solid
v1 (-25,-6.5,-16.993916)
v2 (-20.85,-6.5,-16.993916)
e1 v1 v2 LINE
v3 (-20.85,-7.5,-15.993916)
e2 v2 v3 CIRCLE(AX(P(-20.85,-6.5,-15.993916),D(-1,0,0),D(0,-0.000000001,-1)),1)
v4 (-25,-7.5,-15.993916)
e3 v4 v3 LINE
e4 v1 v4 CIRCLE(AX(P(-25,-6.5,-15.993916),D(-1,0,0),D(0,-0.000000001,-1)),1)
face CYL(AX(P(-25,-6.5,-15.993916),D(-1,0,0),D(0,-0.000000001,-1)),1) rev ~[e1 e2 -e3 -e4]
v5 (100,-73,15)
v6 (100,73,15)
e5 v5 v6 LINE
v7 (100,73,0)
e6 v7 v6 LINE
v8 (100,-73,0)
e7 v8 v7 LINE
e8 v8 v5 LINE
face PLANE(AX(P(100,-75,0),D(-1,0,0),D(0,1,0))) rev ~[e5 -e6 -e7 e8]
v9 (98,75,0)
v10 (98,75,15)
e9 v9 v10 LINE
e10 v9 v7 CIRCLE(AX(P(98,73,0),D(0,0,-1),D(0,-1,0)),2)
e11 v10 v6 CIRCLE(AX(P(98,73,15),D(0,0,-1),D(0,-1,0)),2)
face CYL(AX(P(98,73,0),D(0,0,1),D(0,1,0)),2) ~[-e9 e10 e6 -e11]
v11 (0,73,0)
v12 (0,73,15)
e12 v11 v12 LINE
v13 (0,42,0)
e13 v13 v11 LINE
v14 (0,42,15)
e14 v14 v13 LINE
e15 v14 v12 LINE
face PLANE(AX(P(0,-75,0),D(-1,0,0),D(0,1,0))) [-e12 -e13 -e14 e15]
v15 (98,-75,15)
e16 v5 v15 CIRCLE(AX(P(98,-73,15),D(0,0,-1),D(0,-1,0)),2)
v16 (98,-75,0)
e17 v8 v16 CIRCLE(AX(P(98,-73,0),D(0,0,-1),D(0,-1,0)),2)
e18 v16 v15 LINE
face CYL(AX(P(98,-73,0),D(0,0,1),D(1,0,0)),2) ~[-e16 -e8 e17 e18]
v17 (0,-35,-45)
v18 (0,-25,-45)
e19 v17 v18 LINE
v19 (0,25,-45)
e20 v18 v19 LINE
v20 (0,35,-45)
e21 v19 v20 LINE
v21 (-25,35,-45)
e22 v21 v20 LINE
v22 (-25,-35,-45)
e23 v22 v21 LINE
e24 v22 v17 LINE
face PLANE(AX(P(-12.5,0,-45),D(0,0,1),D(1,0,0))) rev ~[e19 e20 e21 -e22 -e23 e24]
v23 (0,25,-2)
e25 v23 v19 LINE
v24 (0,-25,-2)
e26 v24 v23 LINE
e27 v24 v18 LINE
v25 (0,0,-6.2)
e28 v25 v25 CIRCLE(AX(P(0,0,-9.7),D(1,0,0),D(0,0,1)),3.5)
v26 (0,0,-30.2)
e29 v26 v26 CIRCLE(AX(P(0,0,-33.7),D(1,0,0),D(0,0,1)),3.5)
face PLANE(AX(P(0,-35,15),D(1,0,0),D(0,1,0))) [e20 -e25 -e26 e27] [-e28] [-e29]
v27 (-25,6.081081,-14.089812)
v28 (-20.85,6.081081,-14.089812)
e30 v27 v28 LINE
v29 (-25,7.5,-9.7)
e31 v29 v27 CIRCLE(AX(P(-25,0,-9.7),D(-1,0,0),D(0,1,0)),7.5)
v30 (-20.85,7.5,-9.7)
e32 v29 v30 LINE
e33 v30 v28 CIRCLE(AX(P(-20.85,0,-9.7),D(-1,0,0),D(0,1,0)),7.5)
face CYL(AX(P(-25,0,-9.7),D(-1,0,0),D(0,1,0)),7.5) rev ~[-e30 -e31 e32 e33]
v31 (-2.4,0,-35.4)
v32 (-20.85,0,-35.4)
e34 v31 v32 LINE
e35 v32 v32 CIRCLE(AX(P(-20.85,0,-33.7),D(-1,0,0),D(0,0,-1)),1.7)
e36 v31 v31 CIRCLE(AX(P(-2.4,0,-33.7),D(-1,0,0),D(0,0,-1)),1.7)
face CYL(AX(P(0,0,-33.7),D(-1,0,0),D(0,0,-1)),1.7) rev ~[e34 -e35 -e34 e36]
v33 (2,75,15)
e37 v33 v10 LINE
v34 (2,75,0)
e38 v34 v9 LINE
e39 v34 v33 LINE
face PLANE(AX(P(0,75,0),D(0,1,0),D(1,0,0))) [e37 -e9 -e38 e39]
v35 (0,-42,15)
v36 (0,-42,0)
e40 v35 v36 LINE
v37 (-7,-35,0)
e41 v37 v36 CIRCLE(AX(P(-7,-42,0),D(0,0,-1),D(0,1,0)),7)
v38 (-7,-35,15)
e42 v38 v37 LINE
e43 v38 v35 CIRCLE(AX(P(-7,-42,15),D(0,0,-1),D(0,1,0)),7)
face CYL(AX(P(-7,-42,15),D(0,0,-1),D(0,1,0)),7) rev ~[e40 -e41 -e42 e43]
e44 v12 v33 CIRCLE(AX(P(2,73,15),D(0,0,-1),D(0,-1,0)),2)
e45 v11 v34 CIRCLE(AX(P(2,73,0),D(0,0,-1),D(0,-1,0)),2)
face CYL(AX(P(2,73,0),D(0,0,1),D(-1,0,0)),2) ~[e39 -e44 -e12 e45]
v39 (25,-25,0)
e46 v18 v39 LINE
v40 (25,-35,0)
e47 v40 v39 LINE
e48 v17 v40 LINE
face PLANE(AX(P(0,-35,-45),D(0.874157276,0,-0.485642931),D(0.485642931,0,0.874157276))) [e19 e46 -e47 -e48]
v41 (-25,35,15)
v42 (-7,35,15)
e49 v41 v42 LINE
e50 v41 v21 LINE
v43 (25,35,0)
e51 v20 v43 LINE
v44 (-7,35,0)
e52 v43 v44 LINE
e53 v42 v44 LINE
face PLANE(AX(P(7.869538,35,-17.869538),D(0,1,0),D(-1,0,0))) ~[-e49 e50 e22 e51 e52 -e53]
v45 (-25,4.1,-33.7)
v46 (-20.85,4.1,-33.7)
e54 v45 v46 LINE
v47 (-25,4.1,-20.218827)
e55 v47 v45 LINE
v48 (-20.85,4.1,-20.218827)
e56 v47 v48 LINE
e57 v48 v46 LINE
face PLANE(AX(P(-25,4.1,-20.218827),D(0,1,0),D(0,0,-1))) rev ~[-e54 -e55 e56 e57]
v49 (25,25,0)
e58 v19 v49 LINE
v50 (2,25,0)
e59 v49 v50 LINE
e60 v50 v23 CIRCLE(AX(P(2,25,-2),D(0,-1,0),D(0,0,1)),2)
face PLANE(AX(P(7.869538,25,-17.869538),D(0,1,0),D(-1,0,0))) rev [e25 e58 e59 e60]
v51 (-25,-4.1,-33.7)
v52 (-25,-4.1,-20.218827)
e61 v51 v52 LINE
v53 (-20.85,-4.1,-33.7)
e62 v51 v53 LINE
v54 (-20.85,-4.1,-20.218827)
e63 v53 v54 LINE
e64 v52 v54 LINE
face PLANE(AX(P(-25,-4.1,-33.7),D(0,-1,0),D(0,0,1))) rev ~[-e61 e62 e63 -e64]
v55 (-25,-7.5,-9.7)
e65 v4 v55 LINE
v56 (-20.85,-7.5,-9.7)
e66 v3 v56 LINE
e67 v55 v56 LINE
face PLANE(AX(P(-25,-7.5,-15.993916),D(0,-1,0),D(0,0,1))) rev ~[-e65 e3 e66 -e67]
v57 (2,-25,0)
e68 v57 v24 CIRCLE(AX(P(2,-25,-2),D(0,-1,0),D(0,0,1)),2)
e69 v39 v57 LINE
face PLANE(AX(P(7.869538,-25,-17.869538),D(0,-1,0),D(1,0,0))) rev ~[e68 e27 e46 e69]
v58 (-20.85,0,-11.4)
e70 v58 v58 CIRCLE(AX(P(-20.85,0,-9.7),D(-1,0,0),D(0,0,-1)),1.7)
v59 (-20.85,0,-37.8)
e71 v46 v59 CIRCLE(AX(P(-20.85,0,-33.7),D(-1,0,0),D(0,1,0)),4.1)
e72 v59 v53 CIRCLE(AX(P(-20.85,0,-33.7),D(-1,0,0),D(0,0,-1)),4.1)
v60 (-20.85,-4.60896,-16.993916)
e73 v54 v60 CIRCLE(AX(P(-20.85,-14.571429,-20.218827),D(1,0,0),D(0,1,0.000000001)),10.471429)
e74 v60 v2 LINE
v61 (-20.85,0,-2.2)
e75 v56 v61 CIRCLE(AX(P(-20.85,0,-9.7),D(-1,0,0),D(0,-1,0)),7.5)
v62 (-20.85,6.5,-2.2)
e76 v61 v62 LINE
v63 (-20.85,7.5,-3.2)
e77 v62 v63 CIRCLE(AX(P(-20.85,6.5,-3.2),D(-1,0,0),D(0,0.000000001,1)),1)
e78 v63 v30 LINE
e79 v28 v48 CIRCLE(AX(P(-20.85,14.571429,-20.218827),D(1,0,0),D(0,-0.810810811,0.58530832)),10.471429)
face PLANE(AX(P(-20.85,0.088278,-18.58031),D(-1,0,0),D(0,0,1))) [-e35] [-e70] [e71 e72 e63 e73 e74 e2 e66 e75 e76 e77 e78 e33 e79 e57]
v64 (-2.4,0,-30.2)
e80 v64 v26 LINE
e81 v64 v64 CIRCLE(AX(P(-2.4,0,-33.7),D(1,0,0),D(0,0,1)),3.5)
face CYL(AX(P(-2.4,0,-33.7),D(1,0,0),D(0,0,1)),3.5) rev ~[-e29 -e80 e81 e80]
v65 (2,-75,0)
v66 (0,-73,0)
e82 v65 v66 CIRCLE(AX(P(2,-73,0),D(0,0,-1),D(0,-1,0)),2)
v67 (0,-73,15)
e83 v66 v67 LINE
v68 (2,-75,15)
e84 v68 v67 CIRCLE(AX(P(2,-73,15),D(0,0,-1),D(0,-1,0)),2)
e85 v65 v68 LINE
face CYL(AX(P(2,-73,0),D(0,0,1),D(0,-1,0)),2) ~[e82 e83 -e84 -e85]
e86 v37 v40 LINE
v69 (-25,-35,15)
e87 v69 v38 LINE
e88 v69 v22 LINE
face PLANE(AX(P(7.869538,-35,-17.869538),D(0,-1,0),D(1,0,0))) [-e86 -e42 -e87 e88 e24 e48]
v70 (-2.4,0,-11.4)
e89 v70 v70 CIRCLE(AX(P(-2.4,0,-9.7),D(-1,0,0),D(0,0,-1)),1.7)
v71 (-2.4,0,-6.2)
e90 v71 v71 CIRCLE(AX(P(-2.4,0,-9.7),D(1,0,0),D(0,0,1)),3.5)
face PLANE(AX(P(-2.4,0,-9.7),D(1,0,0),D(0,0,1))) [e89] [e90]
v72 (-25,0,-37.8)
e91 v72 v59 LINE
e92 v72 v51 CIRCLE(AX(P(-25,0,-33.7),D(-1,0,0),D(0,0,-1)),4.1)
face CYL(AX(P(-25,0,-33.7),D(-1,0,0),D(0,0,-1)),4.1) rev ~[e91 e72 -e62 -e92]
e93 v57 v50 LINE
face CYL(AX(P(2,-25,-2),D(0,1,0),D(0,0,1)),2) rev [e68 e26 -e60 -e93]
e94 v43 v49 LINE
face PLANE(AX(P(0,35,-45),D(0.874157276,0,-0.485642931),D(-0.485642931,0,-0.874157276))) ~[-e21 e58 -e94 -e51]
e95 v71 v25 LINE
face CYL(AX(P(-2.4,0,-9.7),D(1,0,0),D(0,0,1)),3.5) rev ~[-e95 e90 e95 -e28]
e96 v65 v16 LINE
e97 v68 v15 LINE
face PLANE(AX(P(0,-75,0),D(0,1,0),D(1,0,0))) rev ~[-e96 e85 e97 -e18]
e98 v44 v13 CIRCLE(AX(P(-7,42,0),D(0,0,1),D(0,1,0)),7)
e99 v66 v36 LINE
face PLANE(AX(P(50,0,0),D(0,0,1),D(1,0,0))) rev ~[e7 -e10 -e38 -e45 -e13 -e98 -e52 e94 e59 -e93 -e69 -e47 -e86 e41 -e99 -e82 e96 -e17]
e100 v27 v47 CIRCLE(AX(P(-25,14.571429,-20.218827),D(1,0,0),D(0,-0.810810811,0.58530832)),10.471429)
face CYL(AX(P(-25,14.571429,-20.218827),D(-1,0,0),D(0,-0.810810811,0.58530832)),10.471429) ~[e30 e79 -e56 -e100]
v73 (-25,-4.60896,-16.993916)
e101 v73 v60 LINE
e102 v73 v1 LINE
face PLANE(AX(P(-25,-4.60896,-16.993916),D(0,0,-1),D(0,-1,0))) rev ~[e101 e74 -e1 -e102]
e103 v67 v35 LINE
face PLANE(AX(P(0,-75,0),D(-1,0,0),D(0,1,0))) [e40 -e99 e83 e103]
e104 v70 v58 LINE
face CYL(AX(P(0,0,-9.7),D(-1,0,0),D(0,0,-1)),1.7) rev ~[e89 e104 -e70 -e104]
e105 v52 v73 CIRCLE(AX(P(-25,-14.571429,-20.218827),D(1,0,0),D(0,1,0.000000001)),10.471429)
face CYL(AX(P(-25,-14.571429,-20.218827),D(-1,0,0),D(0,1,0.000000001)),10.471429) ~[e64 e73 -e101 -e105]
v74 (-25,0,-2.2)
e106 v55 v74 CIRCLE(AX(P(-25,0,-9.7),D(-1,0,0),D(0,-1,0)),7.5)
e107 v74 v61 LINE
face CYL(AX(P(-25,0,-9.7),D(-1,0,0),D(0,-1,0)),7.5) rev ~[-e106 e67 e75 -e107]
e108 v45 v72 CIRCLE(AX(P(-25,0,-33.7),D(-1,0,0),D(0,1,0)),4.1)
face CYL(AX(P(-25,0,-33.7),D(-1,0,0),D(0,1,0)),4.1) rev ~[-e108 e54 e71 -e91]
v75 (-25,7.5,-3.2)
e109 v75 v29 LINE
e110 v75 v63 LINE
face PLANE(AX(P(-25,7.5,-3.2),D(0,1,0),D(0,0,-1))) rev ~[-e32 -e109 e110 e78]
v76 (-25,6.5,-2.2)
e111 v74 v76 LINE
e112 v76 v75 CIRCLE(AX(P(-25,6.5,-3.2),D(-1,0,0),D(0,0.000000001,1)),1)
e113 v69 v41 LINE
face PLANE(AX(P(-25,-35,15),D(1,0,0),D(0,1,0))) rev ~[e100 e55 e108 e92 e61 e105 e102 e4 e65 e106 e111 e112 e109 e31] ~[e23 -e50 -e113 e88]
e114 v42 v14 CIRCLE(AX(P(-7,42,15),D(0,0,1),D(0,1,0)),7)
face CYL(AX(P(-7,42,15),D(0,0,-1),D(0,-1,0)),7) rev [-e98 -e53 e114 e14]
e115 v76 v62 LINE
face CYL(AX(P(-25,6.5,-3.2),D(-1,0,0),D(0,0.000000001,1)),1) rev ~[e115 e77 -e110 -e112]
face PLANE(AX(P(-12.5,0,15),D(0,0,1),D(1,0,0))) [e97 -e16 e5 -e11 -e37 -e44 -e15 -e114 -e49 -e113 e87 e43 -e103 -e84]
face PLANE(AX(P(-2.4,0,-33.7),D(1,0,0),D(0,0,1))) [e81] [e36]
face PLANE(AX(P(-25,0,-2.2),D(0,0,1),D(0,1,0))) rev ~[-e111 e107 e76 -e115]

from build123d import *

# Parameters (mm, degrees)
ESQUISSE1_W                                        = 100
ESQUISSE1_H                                        = 150
BOSS_EXTRU_1_DEPTH                                 = 15
ESQUISSE2_W                                        = 25
ESQUISSE2_H                                        = 70
BOSS_EXTRU_2_DEPTH                                 = 60
ENL_V_MAT_EXTRU_1_DEPTH                            = 4.15
CHAMBRAGE_POUR_VIS_T_TE_RONDE_BOMB_E_M_D           = 3.4
CHAMBRAGE_POUR_VIS_T_TE_RONDE_BOMB_E_M_CBORE_D     = 7
CHAMBRAGE_POUR_VIS_T_TE_RONDE_BOMB_E_M_CBORE_DEPTH = 2.4
BOSS_EXTRU_3_DEPTH                                 = 10
CONG_1_R                                           = 7
CONG_2_R                                           = 2


with BuildPart() as part:
    # Esquisse1 → Boss.-Extru.1 (new body)
    with BuildSketch(Plane.XY):
        with Locations((50, 0)):
            Rectangle(ESQUISSE1_W, ESQUISSE1_H)
    extrude(amount=BOSS_EXTRU_1_DEPTH)

    # Esquisse2 → Boss.-Extru.2 (add)
    with BuildSketch(Plane.XY.offset(15)):
        with Locations((-12.5, 0)):
            Rectangle(ESQUISSE2_W, ESQUISSE2_H)
    extrude(amount=-BOSS_EXTRU_2_DEPTH)

    # Esquisse4 → Enlèv. mat.-Extru.1 (cut)
    with BuildSketch(Plane.ZY.offset(25)):
        with BuildLine():
            Line((-2.2, 0), (-2.2, 6.5))
            ThreePointArc((-2.2, 6.5), (-2.492893219, 7.207106781), (-3.2, 7.5))
            Line((-3.2, 7.5), (-9.7, 7.5))
            ThreePointArc((-9.7, 7.5), (-12.00671757, 7.13645949), (-14.089812398, 6.081081081))
            ThreePointArc((-14.089812398, 6.081081081), (-16.998209557, 4.607571798), (-20.218826659, 4.1))
            Line((-20.218826659, 4.1), (-33.7, 4.1))
            ThreePointArc((-33.7, 4.1), (-36.599137803, 2.899137803), (-37.8, 0))
            ThreePointArc((-37.8, 0), (-36.599137803, -2.899137803), (-33.7, -4.1))
            Line((-33.7, -4.1), (-20.218826659, -4.1))
            ThreePointArc((-20.218826659, -4.1), (-18.58641381, -4.22802272), (-16.993916418, -4.60896049))
            Line((-16.993916418, -4.60896049), (-16.993916418, -6.5))
            ThreePointArc((-16.993916418, -6.5), (-16.701023199, -7.207106781), (-15.993916418, -7.5))
            Line((-15.993916418, -7.5), (-9.7, -7.5))
            ThreePointArc((-9.7, -7.5), (-4.396699141, -5.303300859), (-2.2, 0))
        make_face()
    extrude(amount=-ENL_V_MAT_EXTRU_1_DEPTH, mode=Mode.SUBTRACT)

    # Chambrage pour vis à tête ronde bombée M32 (through all)
    with Locations(Plane(origin=(0, 0, -33.7), x_dir=(0, 0, 1), z_dir=(1, 0, 0))):
        with Locations((0, 0), (24, 0)):
            CounterBoreHole(CHAMBRAGE_POUR_VIS_T_TE_RONDE_BOMB_E_M_D / 2, CHAMBRAGE_POUR_VIS_T_TE_RONDE_BOMB_E_M_CBORE_D / 2, CHAMBRAGE_POUR_VIS_T_TE_RONDE_BOMB_E_M_CBORE_DEPTH)

    # Esquisse10 → Boss.-Extru.3 (add)
    with BuildSketch(Plane.XZ.offset(35)):
        Polygon((0, -45), (25, 0), (0, 0), align=None)
    boss_extru_3 = extrude(amount=-BOSS_EXTRU_3_DEPTH)

    # Symétrie1: Boss.-Extru.3 across plane
    add(boss_extru_3.mirror(Plane.ZX))

    # Congé1
    cong_1_edges = [part.edges().sort_by_distance(p)[0] for p in [
        (0, 35, 7.5),
        (0, -35, 7.5),
    ]]
    fillet(cong_1_edges, radius=CONG_1_R)

    # Congé2
    cong_2_edges = [part.edges().sort_by_distance(p)[0] for p in [
        (0, 0, 0),
        (100, -75, 7.5),
        (100, 75, 7.5),
        (0, -75, 7.5),
        (0, 75, 7.5),
    ]]
    fillet(cong_2_edges, radius=CONG_2_R)


solid = part.part
